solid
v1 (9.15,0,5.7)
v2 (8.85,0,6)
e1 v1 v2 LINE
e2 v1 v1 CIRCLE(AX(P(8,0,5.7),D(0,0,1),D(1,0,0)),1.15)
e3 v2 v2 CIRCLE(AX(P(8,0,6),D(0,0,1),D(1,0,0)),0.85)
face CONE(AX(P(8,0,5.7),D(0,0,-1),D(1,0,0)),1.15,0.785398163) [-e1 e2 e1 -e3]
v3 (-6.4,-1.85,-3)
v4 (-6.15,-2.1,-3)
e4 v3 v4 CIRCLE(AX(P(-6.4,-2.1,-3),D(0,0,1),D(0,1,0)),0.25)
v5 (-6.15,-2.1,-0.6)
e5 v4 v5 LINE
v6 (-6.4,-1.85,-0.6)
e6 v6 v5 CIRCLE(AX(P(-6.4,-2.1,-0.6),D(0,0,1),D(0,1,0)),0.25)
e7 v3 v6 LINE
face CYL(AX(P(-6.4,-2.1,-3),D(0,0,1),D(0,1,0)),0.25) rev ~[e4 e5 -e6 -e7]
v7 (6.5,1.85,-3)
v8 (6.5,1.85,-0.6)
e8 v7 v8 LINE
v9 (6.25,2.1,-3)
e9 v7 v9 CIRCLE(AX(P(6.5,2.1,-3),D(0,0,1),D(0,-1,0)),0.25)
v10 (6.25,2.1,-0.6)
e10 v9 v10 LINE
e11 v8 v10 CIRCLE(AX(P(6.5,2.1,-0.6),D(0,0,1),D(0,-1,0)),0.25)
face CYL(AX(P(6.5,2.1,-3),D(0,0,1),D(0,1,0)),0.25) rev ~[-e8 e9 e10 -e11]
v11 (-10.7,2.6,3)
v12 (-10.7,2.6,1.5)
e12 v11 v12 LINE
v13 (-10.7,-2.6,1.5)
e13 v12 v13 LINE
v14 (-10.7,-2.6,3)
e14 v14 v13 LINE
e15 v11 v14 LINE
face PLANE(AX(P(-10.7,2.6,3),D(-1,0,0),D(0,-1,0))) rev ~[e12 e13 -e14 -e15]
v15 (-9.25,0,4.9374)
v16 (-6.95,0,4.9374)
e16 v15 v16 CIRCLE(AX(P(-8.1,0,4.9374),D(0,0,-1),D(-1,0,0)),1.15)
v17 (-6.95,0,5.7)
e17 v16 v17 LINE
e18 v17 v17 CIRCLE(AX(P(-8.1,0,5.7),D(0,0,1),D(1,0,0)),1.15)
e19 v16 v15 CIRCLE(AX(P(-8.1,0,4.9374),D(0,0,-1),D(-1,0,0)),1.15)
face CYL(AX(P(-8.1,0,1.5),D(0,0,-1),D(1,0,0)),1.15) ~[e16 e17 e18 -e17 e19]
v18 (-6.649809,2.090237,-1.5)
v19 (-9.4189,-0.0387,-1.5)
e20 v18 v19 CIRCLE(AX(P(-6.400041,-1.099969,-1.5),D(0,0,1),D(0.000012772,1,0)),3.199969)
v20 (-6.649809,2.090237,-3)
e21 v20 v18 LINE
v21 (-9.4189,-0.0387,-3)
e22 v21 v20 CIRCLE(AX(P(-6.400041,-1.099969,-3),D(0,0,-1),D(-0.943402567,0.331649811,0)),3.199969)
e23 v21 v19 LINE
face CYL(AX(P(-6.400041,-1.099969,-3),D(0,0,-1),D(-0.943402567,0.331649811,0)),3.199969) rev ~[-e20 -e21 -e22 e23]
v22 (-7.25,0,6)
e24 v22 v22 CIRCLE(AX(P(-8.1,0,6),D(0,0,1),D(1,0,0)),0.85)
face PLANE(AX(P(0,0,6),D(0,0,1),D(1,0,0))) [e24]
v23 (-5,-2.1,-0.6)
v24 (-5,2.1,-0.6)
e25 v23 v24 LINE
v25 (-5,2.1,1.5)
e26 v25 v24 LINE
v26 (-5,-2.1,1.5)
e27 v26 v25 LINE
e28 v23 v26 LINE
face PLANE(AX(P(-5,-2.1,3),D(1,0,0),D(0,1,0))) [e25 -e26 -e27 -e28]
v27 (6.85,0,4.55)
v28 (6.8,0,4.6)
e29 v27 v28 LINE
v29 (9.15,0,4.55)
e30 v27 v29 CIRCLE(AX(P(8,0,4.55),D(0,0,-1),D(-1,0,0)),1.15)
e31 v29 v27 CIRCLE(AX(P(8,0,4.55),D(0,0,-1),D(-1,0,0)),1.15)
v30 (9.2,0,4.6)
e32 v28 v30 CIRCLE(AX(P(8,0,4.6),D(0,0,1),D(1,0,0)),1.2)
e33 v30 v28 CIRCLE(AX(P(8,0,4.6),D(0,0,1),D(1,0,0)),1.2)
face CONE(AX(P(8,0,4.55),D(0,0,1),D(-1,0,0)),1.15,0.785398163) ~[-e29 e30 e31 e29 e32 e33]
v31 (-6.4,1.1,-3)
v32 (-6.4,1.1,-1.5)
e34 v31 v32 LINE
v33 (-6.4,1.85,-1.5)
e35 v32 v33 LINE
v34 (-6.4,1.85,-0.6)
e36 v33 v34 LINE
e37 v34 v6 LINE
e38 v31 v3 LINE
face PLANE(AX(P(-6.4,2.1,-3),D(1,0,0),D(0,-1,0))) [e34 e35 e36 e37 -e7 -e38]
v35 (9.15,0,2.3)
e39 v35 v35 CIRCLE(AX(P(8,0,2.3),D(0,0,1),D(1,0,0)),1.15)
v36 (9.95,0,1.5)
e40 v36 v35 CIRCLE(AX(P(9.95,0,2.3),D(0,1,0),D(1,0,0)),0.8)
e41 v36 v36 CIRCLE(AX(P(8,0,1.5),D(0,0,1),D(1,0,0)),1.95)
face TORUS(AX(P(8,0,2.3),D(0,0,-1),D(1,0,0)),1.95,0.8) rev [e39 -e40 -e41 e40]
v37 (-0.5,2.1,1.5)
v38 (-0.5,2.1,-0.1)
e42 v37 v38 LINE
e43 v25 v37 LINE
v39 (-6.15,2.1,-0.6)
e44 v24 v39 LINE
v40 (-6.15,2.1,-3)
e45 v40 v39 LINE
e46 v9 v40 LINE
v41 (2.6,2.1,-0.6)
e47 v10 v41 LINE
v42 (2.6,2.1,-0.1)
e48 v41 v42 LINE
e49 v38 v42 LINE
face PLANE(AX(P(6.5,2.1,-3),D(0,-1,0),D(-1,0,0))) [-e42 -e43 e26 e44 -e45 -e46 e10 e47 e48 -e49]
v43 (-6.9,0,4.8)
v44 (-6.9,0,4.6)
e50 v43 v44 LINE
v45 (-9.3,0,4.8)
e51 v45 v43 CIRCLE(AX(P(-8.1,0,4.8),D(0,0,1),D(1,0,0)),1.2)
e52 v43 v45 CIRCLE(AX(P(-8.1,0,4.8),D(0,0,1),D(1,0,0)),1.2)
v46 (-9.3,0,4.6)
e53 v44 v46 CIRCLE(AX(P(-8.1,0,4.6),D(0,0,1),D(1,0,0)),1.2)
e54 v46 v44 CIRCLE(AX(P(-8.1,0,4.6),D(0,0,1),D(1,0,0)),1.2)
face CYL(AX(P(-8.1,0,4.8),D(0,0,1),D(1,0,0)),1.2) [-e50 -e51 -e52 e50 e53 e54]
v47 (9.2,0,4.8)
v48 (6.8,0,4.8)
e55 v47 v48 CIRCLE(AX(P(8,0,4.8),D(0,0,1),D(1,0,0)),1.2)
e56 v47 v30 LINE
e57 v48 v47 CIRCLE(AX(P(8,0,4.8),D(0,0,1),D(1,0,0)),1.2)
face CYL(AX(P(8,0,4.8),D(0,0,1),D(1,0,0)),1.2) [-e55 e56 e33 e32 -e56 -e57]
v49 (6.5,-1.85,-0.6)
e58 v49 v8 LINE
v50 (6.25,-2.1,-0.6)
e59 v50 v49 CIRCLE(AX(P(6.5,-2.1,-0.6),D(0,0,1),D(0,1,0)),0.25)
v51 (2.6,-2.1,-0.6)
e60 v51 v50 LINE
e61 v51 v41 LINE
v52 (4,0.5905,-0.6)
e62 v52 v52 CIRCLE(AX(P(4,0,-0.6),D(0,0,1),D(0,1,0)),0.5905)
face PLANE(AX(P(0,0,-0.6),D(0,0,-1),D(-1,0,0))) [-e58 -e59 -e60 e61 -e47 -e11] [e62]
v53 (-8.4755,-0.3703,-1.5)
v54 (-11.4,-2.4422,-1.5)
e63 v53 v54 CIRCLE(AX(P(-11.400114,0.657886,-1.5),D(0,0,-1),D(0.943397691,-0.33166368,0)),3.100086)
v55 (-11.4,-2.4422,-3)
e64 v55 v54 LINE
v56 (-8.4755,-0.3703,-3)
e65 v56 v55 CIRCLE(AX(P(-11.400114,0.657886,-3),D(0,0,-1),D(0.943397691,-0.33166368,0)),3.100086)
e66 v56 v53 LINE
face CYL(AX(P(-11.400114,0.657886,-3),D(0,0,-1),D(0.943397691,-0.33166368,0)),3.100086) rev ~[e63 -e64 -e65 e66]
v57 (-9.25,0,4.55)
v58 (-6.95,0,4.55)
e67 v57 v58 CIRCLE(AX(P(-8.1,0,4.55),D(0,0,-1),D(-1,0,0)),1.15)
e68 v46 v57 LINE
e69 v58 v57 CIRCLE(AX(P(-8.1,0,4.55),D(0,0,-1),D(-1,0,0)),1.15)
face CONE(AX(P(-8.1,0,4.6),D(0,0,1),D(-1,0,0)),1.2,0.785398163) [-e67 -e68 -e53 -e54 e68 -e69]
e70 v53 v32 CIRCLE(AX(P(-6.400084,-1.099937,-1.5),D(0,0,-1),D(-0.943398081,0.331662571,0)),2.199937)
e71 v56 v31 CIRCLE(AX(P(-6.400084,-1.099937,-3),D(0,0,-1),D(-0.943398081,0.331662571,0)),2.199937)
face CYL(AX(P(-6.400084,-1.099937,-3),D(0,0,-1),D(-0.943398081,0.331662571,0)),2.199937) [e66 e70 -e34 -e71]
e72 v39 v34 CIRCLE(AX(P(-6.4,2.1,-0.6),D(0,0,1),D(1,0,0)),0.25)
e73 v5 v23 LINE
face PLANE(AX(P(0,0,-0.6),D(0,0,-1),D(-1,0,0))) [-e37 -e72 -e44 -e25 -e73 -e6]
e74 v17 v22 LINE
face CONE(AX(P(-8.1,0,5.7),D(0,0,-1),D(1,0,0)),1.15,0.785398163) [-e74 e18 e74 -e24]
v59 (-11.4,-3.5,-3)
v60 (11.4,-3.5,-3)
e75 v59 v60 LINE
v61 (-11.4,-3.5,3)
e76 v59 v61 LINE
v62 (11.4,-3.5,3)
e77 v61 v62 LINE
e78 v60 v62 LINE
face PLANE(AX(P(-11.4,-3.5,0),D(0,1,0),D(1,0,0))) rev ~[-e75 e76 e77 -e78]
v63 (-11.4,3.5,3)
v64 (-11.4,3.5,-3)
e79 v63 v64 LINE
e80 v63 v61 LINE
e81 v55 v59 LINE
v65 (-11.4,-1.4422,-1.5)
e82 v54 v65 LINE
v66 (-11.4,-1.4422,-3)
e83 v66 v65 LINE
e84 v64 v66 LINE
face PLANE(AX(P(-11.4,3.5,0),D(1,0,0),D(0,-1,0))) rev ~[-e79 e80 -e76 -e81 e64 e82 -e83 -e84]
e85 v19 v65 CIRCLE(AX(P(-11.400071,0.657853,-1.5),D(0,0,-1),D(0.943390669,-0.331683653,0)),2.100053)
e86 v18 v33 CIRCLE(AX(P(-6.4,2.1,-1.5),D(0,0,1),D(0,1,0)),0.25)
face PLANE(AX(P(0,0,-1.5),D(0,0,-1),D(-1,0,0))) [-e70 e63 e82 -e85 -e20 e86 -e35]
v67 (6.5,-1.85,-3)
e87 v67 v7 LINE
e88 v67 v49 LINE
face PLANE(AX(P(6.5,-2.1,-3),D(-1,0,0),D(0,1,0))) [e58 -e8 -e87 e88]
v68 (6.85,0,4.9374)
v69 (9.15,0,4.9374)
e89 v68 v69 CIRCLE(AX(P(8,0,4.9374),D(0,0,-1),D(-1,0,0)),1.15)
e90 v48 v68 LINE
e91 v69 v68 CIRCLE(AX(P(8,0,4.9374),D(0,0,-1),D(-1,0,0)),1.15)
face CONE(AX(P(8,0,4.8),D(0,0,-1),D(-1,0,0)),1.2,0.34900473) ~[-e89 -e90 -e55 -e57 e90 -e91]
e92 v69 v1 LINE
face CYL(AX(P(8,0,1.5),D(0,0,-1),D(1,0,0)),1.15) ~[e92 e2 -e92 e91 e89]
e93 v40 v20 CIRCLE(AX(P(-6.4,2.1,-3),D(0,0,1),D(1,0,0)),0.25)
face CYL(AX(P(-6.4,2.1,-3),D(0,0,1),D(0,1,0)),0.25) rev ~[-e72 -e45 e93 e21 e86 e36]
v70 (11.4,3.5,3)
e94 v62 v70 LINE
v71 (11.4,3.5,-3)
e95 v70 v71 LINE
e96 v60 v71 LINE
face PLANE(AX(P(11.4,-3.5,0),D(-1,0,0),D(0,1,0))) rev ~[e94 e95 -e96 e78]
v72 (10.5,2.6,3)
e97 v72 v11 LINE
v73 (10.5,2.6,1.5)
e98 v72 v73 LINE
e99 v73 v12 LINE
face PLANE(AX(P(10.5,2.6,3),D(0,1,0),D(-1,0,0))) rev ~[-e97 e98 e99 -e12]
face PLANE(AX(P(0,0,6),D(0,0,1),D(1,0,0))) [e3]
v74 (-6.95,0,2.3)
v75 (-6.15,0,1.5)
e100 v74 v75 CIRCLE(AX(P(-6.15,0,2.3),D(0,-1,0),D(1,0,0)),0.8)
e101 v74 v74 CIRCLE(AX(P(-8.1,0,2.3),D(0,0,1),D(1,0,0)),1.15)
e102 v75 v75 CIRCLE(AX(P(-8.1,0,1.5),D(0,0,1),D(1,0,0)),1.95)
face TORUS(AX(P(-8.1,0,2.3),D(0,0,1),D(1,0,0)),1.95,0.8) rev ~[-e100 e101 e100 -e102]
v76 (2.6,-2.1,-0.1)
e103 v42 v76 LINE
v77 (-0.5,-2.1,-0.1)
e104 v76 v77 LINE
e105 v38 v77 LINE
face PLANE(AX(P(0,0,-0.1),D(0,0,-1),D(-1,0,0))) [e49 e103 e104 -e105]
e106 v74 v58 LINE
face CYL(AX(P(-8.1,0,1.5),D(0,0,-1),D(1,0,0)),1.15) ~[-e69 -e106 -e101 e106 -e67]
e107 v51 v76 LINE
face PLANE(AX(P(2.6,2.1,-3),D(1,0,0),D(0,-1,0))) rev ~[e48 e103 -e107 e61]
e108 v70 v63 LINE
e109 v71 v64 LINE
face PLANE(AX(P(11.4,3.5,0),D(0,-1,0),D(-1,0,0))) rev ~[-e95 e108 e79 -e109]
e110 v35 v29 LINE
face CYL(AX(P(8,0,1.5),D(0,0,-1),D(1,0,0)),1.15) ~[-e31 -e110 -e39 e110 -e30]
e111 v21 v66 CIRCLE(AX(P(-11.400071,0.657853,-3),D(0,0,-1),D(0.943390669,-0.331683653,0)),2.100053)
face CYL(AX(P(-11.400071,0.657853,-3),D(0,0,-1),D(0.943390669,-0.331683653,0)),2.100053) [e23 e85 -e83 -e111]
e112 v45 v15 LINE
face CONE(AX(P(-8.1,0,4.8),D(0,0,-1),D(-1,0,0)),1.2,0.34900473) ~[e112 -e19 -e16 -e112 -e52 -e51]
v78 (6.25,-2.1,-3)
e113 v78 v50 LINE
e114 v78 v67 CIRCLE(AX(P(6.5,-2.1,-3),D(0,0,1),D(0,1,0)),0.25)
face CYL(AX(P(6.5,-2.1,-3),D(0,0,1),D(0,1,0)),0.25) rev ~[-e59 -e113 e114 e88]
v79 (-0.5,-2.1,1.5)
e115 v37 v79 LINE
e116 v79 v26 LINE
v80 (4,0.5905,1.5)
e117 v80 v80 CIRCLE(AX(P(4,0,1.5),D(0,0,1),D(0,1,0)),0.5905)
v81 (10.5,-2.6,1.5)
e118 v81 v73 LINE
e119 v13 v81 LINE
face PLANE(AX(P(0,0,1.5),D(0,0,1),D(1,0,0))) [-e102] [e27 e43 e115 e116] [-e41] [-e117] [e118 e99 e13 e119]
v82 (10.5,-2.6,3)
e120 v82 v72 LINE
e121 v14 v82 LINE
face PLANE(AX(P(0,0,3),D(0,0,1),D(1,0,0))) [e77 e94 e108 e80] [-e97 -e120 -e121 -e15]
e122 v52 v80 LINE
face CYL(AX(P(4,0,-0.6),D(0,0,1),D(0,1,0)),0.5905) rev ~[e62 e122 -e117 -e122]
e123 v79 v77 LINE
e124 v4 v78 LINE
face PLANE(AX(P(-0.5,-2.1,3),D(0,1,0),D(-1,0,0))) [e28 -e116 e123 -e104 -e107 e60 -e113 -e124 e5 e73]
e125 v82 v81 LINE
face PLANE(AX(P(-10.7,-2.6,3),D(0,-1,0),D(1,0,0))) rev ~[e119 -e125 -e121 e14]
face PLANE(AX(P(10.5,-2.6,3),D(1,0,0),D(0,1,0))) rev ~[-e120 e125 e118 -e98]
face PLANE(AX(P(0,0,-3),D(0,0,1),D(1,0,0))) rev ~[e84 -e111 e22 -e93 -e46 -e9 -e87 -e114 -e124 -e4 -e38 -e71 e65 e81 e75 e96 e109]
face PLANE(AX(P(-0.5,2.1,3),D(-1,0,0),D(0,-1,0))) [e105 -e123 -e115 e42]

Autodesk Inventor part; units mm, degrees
ref_plane "YZ Plane" through (0, 0, 0) normal (1, 0, 0) x (0, 1, 0)
sketch "Sketch1" plane through (0, 0, 0) normal (0, 0, 1) x (1, 0, 0)
  line L0 (-11.4, -3.5) -> (11.4, -3.5)
  line L1 (11.4, -3.5) -> (11.4, 3.5)
  line L2 (11.4, 3.5) -> (-11.4, 3.5)
  line L3 (-11.4, 3.5) -> (-11.4, -3.5)
  line L4 (-11.4, -3.5) -> (11.4, 3.5) construction
  line L5 (11.4, -3.5) -> (-11.4, 3.5) construction
  point P0 (0, 0)
  dimension "d0" = 22.8
  dimension "d1" = 7
extrude "Extrusion1" add sketch "Sketch1" along normal mid plane 6
sketch "Sketch2" plane through (0, 0, 3) normal (0, 0, 1) x (1, 0, 0)
  line L0 (-5, 2.1) -> (-0.5, 2.1)
  line L1 (-0.5, 2.1) -> (-0.5, -2.1)
  line L2 (-0.5, -2.1) -> (-5, -2.1)
  line L3 (-5, -2.1) -> (-5, 2.1)
  line L4 (-5, 2.1) -> (-0.5, -2.1) construction
  line L5 (-0.5, 2.1) -> (-5, -2.1) construction
  line L6 (-11.4, 3.5) -> (-11.4, -3.5) projected
  line L7 (-2.75, 0) -> (-11.4, 0) construction
  point P0 (0, 0)
  dimension "d4" = 4.2
  dimension "d5" = 4.5
  dimension "d6" = 6.4
extrude "Extrusion2" cut sketch "Sketch2" against normal through all
sketch "Sketch3" plane through (0, 0, 3) normal (0, 0, 1) x (1, 0, 0)
  line L0 (-5, -2.1) -> (-5, 2.1) projected
  line L1 (-5, 2.1) -> (-0.5, 2.1) projected
  line L2 (-0.5, 2.1) -> (-0.5, -2.1) projected
  line L3 (-0.5, -2.1) -> (-5, -2.1) projected
  line L4 (-11.4, -3.5) -> (11.4, -3.5) projected
  line L5 (11.4, -3.5) -> (11.4, 3.5) projected
  line L6 (11.4, 3.5) -> (-11.4, 3.5) projected
  line L7 (-11.4, 3.5) -> (-11.4, -3.5) projected
  line L8 (-10.7, -2.6) -> (10.5, -2.6)
  line L9 (10.5, -2.6) -> (10.5, 2.6)
  line L10 (10.5, 2.6) -> (-10.7, 2.6)
  line L11 (-10.7, 2.6) -> (-10.7, -2.6)
  line L12 (-10.7, -2.6) -> (10.5, 2.6) construction
  line L13 (10.5, -2.6) -> (-10.7, 2.6) construction
  dimension "d11" = 0.7
  dimension "d12" = 0.9
  dimension "d13" = 5.2
  dimension "d14" = 21.2
extrude "Extrusion3" cut sketch "Sketch3" against normal blind 1.5 contours L11 L10 L9 L8
sketch "Sketch4" plane through (0, 0, -3) normal (0, 0, -1) x (-1, 0, 0)
  line L0 (-2.6, -2.1) -> (5, -2.1)
  line L1 (5, -2.1) -> (5, 2.1)
  line L2 (5, 2.1) -> (-2.6, 2.1)
  line L3 (-2.6, 2.1) -> (-2.6, -2.1)
  line L4 (-2.6, -2.1) -> (5, 2.1) construction
  line L5 (5, -2.1) -> (-2.6, 2.1) construction
  line L6 (5, 2.1) -> (5, -2.1) projected
  line L7 (5, -2.1) -> (0.5, -2.1) projected
  line L8 (0.5, -2.1) -> (0.5, 2.1) projected
  line L9 (0.5, 2.1) -> (5, 2.1) projected
  line L10 (-11.4, -3.5) -> (11.4, -3.5) projected
  line L11 (11.4, -3.5) -> (11.4, 3.5) projected
  line L12 (11.4, 3.5) -> (-11.4, 3.5) projected
  line L13 (-11.4, 3.5) -> (-11.4, -3.5) projected
  line L14 (0.5, 2.1) -> (5, 2.1) projected
  line L15 (5, -2.1) -> (0.5, -2.1) projected
  line L16 (5, 2.1) -> (5, -2.1) projected
  point P0 (0, 0)
  point P1 (1.2, 0)
  dimension "d17" = 14
extrude "Extrusion4" cut sketch "Sketch4" against normal blind 2.9 contours L3 L2 L8 L0 | L8 L2 L1 L0
sketch "Sketch5" plane through (0, 0, -3) normal (0, 0, -1) x (-1, 0, 0)
  line L0 (6.4, -2.1) -> (-6.5, -2.1)
  line L1 (-6.5, -2.1) -> (-6.5, 2.1)
  line L2 (-6.5, 2.1) -> (6.4, 2.1)
  line L3 (6.4, 2.1) -> (6.4, -2.1)
  line L4 (6.4, -2.1) -> (-6.5, 2.1) construction
  line L5 (-6.5, -2.1) -> (6.4, 2.1) construction
  line L6 (-2.6, 2.1) -> (5, 2.1) projected
  line L7 (5, -2.1) -> (-2.6, -2.1) projected
  line L8 (11.4, -3.5) -> (11.4, 3.5) projected
  point P0 (0, 0)
  point P1 (-0.05, 0)
  dimension "d20" = 12.9
  dimension "d21" = 5
extrude "Extrusion5" cut sketch "Sketch5" against normal blind 2.4
sketch "Sketch6" plane through (0, 0, -3) normal (0, 0, -1) x (-1, 0, 0)
  line L0 (-6.5, 2.1) -> (6.4, 2.1) projected
  line L1 (6.4, 2.1) -> (6.4, -2.1) projected
  line L2 (6.4, -2.1) -> (-6.5, -2.1) projected
  line L3 (-6.5, -2.1) -> (-6.5, 2.1) projected
  line L4 (-11.4, -3.5) -> (11.4, -3.5) projected
  line L5 (11.4, -3.5) -> (11.4, 3.5) projected
  line L6 (11.4, 3.5) -> (-11.4, 3.5) projected
  line L7 (-11.4, 3.5) -> (-11.4, -3.5) projected
  point P0 (0, 0)
hole "Hole1" at (-6.4, 2.1, -3) at (-6.4, -2.1, -3) at (6.5, -2.1, -3) at (6.5, 2.1, -3) direction (0, 0, 1) diameter 0.5 depth 2.4
sketch "Sketch7" plane through (0, 0, -3) normal (0, 0, -1) x (-1, 0, 0)
  line L0 (-11.4, -3.5) -> (11.4, -3.5) projected
  line L1 (11.4, -3.5) -> (11.4, 3.5) projected
  line L2 (11.4, 3.5) -> (-11.4, 3.5) projected
  line L3 (-11.4, 3.5) -> (-11.4, -3.5) projected
  arc A0 (-6.5, -1.85) -> (-6.25, -2.1) centre (-6.5, -2.1) ccw projected
  line L4 (-6.5, -1.85) -> (-6.5, 1.85) projected
  arc A1 (-6.25, 2.1) -> (-6.5, 1.85) centre (-6.5, 2.1) ccw projected
  line L5 (-6.25, 2.1) -> (6.15, 2.1) projected
  arc A2 (6.4, 1.85) -> (6.15, 2.1) centre (6.4, 2.1) ccw projected
  line L6 (6.4, 1.85) -> (6.4, -1.85) projected
  arc A3 (6.15, -2.1) -> (6.4, -1.85) centre (6.4, -2.1) ccw projected
  line L7 (6.15, -2.1) -> (-6.25, -2.1) projected
  line L8 (-6.5, -1.85) -> (-6.5, 1.85) projected
  line L9 (-11.4, 3.5) -> (-11.4, -3.5) projected
  line L10 (11.4, -3.5) -> (11.4, 3.5) projected
  line L11 (6.4, 1.85) -> (6.4, -1.85) projected
  arc A4 (9.4189, -0.0387) -> (6.4, 2.1) centre (6.4, -1.1) ccw
  arc A5 (8.4755, -0.3703) -> (6.4, 1.1) centre (6.4, -1.1) ccw
  arc A6 (9.4189, -0.0387) -> (11.4, -1.4422) centre (11.4, 0.6578) ccw
  arc A7 (8.4755, -0.3703) -> (11.4, -2.4422) centre (11.4, 0.6578) ccw
  line L12 (6.4, 1.1) -> (6.4, 2.1)
  line L13 (11.4, -2.4422) -> (11.4, -1.4422)
  line L14 (11.4, 3.5) -> (11.4, -3.5) projected
  point P0 (0, 0)
  dimension "d36" = 1
  dimension "d37" = 2.2
  dimension "d38" = 2.1
extrude "Extrusion7" cut sketch "Sketch7" against normal blind 1.5 contours A7 A5 L6 A2 A4 A6 L1 | A2 L12 A4
sketch "Sketch8" plane through (0, 0, -0.6) normal (0, 0, -1) x (-1, 0, 0)
  line L0 (11.4, 3.5) -> (-11.4, 3.5) projected
  line L1 (11.4, -3.5) -> (11.4, -2.4422) projected
  point P0 (0, 0)
  point P1 (-4, 0)
  dimension "d41" = 3.5
  dimension "d42" = 15.4
hole "Hole2" at (4, 0, -0.6) direction (0, 0, 1) diameter 1.181 end through all thread size "0-80 UNF" class "2B" standard "ANSI Unified Screw Threads"
sketch "Sketch9" plane through (0, 0, 1.5) normal (0, 0, 1) x (1, 0, 0)
  circle A0 centre (-8.1, 0) radius 1.15
  circle A1 centre (8, 0) radius 1.15
  line L0 (-8.1, 0) -> (8, 0) construction
  line L1 (11.4, 3.5) -> (-11.4, 3.5) projected
  line L2 (-11.4, 3.5) -> (-11.4, -3.5) projected
  point P0 (0, 0)
  dimension "d50" = 3.5
  dimension "d51" = 16.1
  dimension "d52" = 3.3
  dimension "d53" = 2.3
extrude "Extrusion8" add sketch "Sketch9" along normal blind 4.5
chamfer "Chamfer1" distance 0.3 angle 45 2 edges at (-9.25, 0, 6) (6.85, 0, 6)
ref_plane "Work Plane1" through (-8.1, 0, 4.8) normal (0, 0, 1) x (1, 0, 0)
sketch "Sketch10" plane through (-8.1, 0, 4.8) normal (0, 0, 1) x (1, 0, 0)
  circle A0 centre (0, 0) radius 1.15 projected
  circle A1 centre (16.1, 0) radius 1.15 projected
  circle A2 centre (0, 0) radius 1.2
  circle A3 centre (16.1, 0) radius 1.2
  point P0 (8.1, 0)
  dimension "d60" = 2.4
  dimension "d61" = 2.4
extrude "Extrusion9" add sketch "Sketch10" against normal blind 0.2
ref_plane "Work Plane2" through (-11.4, 0, 3) normal (0, -1, 0) x (1, 0, 0)
sketch "Sketch11" plane through (-11.4, 0, 3) normal (0, -1, 0) x (1, 0, 0)
  line L0 (4.45, 2.7) -> (2.15, 2.7) projected
  line L1 (4.45, 1.8) -> (2.15, 1.8) projected
  line L2 (2.1, 1.6) -> (4.5, 1.6) projected
  line L3 (2.1, 1.8) -> (4.5, 1.8) projected
  line L4 (2.15, 1.6) -> (4.45, 1.6) projected
  line L5 (2.15, -1.5) -> (4.45, -1.5) projected
  line L6 (20.55, 2.7) -> (18.25, 2.7) projected
  line L7 (20.55, 1.8) -> (18.25, 1.8) projected
  line L8 (18.2, 1.6) -> (20.6, 1.6) projected
  line L9 (18.2, 1.8) -> (20.6, 1.8) projected
  line L10 (18.25, 1.6) -> (20.55, 1.6) projected
  line L11 (18.25, -1.5) -> (20.55, -1.5) projected
  line L12 (2.1, 1.8) -> (4.5, 1.8) projected
  line L13 (2.1, 1.8) -> (2.15, 1.9374)
  line L14 (2.1, 1.6) -> (2.15, 1.55)
  line L15 (2.15, -1.5) -> (2.15, 1.6) projected
  line L16 (2.15, 1.8) -> (2.15, 2.7) projected
  line L17 (2.15, 1.9374) -> (2.15, 1.8)
  line L18 (2.1, 1.8) -> (2.15, 1.8)
  line L19 (2.15, 1.55) -> (2.15, 1.6)
  line L20 (2.1, 1.6) -> (4.5, 1.6) projected
  line L21 (2.1, 1.6) -> (2.15, 1.6)
  line L22 (2.45, 3) -> (4.15, 3) projected
  line L23 (3.3, 3) -> (3.3, 1.6)
  line L24 (2.15, 1.6) -> (4.45, 1.6) projected
  point P0 (11.4, -3)
  dimension "d68" = 20
  dimension "d69" = 45
revolve "Revolution1" add sketch "Sketch11" angle 360 about axis through (-8.1, 0, 6) along (0, 0, -1) contours L15 L14 L2 | L16 L3 L13
sketch "Sketch12" plane through (-11.4, 0, 3) normal (0, -1, 0) x (1, 0, 0)
  line L0 (18.25, 1.8) -> (18.25, 2.7) projected
  line L1 (18.2, 1.8) -> (20.6, 1.8) projected
  line L2 (18.2, 1.8) -> (18.2, 1.6) projected
  line L3 (18.25, -1.5) -> (18.25, 1.6) projected
  line L4 (18.2, 1.6) -> (20.6, 1.6) projected
  line L5 (20.6, 1.8) -> (20.6, 1.6) projected
  line L6 (20.55, 1.8) -> (20.55, 2.7) projected
  line L7 (20.55, -1.5) -> (20.55, 1.6) projected
  line L8 (18.2, 1.8) -> (18.25, 1.9374)
  line L9 (20.55, 1.8) -> (18.25, 1.8) projected
  line L10 (18.25, 1.8) -> (18.25, 1.9374)
  line L11 (18.25, 1.8) -> (18.2, 1.8)
  line L12 (18.25, 1.55) -> (18.2, 1.6)
  line L13 (18.25, 1.6) -> (20.55, 1.6) projected
  line L14 (18.25, 1.6) -> (18.2, 1.6)
  line L15 (18.25, 1.6) -> (18.25, 1.55)
  line L16 (18.55, 3) -> (20.25, 3) projected
  line L17 (19.4, 3) -> (19.4, 1.6)
  point P0 (11.4, -3)
  dimension "d71" = 70
  dimension "d72" = 45
revolve "Revolution2" add sketch "Sketch12" angle 360 about axis through (8, 0, 6) along (0, 0, -1) contours L1 L8 L0 | L4 L3 L12
fillet "Fillet1" radius 0.8 2 edges at (-9.25, 0, 1.5) (6.85, 0, 1.5)
properties part number "sipmHolder" material "ABS Plastic"
